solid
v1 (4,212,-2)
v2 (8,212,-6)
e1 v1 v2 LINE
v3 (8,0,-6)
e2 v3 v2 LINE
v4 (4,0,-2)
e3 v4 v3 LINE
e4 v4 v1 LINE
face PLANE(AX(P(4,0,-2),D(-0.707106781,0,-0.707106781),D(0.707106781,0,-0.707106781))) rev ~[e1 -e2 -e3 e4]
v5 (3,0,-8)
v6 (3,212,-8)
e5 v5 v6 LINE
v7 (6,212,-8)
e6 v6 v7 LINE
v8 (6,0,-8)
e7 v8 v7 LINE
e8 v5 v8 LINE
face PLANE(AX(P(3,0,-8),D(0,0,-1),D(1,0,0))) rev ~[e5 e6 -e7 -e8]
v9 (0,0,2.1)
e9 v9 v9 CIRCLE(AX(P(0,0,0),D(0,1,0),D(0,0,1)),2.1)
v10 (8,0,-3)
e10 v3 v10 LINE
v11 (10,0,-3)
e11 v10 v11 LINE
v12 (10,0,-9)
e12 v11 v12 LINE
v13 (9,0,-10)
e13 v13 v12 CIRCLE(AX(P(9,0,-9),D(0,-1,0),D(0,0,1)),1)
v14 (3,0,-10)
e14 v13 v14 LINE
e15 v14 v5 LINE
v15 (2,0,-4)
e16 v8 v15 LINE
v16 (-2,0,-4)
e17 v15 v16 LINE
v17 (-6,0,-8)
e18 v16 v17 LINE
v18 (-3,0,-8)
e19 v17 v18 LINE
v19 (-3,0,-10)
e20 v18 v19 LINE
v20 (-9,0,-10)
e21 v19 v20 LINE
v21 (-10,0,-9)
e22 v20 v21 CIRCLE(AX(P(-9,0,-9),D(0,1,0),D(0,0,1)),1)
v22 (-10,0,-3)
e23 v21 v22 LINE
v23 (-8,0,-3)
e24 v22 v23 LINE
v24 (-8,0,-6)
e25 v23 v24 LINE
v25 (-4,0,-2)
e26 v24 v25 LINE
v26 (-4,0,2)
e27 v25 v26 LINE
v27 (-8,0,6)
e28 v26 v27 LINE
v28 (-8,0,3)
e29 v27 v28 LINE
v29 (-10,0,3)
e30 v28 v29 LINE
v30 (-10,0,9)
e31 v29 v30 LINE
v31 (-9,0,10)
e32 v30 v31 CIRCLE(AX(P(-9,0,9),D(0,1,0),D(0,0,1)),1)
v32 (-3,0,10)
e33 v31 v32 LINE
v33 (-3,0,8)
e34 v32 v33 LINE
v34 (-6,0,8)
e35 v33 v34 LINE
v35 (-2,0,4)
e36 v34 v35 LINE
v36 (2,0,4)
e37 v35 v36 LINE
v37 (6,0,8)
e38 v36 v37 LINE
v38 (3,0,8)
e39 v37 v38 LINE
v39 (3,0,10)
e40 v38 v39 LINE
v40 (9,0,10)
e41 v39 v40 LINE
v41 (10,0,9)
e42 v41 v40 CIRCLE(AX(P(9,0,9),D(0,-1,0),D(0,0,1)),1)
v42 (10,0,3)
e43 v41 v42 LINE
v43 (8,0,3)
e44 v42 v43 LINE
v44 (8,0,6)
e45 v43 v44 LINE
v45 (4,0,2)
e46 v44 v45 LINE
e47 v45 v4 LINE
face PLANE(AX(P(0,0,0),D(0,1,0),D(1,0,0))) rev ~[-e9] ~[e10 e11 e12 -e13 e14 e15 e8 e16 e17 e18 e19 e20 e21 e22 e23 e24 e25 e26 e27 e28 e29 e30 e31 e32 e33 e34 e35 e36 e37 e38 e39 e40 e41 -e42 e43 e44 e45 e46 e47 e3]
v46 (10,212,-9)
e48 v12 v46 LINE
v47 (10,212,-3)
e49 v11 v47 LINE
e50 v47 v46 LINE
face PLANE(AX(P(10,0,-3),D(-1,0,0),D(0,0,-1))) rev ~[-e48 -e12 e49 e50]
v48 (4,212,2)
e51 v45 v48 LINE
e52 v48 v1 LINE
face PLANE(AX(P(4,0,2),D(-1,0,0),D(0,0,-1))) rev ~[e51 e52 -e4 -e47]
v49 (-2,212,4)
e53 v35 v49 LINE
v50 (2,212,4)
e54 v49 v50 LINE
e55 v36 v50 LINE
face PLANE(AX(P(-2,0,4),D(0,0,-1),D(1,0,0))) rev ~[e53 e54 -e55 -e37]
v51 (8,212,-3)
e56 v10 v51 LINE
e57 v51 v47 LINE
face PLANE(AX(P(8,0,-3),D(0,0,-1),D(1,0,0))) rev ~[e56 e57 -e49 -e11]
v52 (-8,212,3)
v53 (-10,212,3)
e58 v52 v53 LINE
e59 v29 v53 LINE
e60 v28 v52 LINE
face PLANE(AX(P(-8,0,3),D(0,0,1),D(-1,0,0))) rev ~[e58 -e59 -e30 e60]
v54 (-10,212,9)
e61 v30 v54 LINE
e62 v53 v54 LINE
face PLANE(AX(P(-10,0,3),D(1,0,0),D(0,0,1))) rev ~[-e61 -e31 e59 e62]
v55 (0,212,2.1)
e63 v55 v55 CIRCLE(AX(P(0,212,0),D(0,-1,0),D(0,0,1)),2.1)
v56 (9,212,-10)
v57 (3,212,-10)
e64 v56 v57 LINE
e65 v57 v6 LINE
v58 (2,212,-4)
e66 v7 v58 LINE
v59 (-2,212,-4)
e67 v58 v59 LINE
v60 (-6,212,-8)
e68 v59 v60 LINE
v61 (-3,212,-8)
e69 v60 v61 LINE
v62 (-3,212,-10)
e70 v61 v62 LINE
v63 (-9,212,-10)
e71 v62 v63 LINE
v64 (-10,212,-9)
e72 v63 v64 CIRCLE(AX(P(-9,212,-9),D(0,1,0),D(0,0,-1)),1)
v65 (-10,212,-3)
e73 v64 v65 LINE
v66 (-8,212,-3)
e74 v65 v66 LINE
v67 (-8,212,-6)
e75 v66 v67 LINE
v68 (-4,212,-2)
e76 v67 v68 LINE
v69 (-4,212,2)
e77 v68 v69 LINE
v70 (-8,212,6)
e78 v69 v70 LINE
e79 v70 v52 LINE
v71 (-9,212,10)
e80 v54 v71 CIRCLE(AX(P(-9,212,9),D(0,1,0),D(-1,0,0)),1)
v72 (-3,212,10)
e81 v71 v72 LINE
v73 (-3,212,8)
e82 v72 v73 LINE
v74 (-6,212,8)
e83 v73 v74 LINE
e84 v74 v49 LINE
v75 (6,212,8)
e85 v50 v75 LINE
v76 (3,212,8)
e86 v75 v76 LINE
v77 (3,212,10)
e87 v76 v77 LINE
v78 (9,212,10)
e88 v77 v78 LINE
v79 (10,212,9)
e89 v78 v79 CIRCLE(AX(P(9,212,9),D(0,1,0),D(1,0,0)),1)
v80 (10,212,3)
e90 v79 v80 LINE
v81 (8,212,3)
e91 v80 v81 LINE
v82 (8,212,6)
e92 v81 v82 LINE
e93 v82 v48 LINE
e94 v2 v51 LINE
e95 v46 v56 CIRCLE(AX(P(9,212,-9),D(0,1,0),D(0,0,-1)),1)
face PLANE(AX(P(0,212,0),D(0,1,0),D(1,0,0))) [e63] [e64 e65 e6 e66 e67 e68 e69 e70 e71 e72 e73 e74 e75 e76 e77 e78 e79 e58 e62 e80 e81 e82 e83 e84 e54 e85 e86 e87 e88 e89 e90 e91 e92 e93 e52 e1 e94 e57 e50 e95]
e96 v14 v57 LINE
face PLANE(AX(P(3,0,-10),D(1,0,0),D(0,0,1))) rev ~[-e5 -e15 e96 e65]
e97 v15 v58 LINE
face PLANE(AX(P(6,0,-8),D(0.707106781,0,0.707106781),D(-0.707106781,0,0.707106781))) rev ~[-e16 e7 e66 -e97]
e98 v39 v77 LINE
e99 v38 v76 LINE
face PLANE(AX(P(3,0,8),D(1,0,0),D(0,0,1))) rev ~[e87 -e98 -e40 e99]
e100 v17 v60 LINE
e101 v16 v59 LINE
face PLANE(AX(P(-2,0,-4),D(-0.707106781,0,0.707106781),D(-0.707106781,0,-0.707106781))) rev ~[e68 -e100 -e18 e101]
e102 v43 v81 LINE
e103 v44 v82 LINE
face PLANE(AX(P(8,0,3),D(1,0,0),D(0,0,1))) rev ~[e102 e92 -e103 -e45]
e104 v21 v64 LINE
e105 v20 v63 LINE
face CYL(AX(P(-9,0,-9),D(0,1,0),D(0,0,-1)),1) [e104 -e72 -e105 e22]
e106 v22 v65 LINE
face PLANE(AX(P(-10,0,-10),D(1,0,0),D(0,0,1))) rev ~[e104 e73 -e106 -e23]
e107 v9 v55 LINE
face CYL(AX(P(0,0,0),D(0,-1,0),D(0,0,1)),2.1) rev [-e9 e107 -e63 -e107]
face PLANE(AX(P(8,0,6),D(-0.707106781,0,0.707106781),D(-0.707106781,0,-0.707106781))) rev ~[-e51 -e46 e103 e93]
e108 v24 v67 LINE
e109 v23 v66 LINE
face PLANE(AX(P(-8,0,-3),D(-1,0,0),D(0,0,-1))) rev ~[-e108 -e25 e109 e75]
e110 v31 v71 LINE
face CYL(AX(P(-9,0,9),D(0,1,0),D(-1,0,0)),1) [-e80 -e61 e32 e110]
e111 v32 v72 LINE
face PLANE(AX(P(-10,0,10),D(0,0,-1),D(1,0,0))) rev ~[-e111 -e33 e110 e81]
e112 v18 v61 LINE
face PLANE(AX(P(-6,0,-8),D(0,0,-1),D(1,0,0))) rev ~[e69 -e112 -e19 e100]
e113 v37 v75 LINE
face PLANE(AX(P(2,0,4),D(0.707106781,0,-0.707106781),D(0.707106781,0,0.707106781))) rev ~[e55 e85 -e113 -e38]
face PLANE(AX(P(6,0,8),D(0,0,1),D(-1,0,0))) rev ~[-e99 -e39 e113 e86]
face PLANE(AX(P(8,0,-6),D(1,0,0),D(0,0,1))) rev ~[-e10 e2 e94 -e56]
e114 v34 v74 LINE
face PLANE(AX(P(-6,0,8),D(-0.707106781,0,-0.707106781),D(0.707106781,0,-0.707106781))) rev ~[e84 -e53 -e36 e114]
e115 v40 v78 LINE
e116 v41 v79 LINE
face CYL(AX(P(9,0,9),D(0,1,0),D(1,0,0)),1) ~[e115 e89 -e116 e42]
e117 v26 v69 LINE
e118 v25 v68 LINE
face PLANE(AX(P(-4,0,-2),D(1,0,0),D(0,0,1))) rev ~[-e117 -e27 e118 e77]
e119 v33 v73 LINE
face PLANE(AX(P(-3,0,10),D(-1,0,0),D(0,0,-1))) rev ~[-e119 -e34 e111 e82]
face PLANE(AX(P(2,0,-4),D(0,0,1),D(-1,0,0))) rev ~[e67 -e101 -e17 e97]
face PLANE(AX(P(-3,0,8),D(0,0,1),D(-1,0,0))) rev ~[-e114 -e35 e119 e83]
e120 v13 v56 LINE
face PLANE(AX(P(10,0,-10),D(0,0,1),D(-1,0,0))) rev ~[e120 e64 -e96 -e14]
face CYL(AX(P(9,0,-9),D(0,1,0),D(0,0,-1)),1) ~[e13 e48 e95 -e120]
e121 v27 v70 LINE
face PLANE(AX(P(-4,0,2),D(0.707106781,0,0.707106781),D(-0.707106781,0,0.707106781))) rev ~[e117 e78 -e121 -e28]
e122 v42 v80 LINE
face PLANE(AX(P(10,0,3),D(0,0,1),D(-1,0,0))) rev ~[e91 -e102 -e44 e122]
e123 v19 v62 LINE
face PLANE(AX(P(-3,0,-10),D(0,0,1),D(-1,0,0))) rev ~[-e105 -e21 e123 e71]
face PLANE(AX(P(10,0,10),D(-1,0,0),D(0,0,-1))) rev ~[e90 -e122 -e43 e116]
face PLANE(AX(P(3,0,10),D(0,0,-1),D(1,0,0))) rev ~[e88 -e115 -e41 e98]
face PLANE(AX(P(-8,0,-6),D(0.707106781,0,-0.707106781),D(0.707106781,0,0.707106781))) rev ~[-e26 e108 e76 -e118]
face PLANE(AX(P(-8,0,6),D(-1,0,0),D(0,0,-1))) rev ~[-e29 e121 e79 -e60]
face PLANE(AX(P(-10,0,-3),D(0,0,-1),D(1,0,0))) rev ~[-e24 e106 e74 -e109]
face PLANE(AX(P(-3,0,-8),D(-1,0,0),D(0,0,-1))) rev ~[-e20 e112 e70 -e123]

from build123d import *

# Parameters (mm, degrees)
SKETCH_1_R          = 2.1
EXTRUDE_1_DEPTH     = 650
FILLET_1_R          = 1
SKETCH_4_W          = 20.710237558
SKETCH_4_H          = 20.933829866
CUT_EXTRUDE_1_DEPTH = 438


with BuildPart() as part:
    # 草图1 → 凸台-拉伸1 (new body)
    with BuildSketch(Plane(origin=(0, 0, 0), x_dir=(1, 0, 0), z_dir=(0, 1, 0))):
        Polygon((10, 10), (3, 10), (3, 8), (6, 8), (2, 4), (-2, 4), (-6, 8), (-3, 8), (-3, 10), (-10, 10), (-10, 3), (-8, 3), (-8, 6), (-4, 2), (-4, -2), (-8, -6), (-8, -3), (-10, -3), (-10, -10), (-3, -10), (-3, -8), (-6, -8), (-2, -4), (2, -4), (6, -8), (3, -8), (3, -10), (10, -10), (10, -3), (8, -3), (8, -6), (4, -2), (4, 2), (8, 6), (8, 3), (10, 3), align=None)
        with Locations(Location((0, 0, 0), (0, 0, 270))):
            Circle(SKETCH_1_R, mode=Mode.SUBTRACT)
    extrude(amount=EXTRUDE_1_DEPTH)

    # 圆角1
    fillet_1_edges = [part.edges().sort_by_distance(p)[0] for p in [
        (10, 325, 10),
        (-10, 325, 10),
        (-10, 325, -10),
        (10, 325, -10),
    ]]
    fillet(fillet_1_edges, radius=FILLET_1_R)

    # 草图4 → 切除-拉伸1 (cut)
    with BuildSketch(Plane(origin=(0, 650, 0), x_dir=(1, 0, 0), z_dir=(0, 1, 0))):
        Rectangle(SKETCH_4_W, SKETCH_4_H)
    extrude(amount=-CUT_EXTRUDE_1_DEPTH, mode=Mode.SUBTRACT)


solid = part.part
